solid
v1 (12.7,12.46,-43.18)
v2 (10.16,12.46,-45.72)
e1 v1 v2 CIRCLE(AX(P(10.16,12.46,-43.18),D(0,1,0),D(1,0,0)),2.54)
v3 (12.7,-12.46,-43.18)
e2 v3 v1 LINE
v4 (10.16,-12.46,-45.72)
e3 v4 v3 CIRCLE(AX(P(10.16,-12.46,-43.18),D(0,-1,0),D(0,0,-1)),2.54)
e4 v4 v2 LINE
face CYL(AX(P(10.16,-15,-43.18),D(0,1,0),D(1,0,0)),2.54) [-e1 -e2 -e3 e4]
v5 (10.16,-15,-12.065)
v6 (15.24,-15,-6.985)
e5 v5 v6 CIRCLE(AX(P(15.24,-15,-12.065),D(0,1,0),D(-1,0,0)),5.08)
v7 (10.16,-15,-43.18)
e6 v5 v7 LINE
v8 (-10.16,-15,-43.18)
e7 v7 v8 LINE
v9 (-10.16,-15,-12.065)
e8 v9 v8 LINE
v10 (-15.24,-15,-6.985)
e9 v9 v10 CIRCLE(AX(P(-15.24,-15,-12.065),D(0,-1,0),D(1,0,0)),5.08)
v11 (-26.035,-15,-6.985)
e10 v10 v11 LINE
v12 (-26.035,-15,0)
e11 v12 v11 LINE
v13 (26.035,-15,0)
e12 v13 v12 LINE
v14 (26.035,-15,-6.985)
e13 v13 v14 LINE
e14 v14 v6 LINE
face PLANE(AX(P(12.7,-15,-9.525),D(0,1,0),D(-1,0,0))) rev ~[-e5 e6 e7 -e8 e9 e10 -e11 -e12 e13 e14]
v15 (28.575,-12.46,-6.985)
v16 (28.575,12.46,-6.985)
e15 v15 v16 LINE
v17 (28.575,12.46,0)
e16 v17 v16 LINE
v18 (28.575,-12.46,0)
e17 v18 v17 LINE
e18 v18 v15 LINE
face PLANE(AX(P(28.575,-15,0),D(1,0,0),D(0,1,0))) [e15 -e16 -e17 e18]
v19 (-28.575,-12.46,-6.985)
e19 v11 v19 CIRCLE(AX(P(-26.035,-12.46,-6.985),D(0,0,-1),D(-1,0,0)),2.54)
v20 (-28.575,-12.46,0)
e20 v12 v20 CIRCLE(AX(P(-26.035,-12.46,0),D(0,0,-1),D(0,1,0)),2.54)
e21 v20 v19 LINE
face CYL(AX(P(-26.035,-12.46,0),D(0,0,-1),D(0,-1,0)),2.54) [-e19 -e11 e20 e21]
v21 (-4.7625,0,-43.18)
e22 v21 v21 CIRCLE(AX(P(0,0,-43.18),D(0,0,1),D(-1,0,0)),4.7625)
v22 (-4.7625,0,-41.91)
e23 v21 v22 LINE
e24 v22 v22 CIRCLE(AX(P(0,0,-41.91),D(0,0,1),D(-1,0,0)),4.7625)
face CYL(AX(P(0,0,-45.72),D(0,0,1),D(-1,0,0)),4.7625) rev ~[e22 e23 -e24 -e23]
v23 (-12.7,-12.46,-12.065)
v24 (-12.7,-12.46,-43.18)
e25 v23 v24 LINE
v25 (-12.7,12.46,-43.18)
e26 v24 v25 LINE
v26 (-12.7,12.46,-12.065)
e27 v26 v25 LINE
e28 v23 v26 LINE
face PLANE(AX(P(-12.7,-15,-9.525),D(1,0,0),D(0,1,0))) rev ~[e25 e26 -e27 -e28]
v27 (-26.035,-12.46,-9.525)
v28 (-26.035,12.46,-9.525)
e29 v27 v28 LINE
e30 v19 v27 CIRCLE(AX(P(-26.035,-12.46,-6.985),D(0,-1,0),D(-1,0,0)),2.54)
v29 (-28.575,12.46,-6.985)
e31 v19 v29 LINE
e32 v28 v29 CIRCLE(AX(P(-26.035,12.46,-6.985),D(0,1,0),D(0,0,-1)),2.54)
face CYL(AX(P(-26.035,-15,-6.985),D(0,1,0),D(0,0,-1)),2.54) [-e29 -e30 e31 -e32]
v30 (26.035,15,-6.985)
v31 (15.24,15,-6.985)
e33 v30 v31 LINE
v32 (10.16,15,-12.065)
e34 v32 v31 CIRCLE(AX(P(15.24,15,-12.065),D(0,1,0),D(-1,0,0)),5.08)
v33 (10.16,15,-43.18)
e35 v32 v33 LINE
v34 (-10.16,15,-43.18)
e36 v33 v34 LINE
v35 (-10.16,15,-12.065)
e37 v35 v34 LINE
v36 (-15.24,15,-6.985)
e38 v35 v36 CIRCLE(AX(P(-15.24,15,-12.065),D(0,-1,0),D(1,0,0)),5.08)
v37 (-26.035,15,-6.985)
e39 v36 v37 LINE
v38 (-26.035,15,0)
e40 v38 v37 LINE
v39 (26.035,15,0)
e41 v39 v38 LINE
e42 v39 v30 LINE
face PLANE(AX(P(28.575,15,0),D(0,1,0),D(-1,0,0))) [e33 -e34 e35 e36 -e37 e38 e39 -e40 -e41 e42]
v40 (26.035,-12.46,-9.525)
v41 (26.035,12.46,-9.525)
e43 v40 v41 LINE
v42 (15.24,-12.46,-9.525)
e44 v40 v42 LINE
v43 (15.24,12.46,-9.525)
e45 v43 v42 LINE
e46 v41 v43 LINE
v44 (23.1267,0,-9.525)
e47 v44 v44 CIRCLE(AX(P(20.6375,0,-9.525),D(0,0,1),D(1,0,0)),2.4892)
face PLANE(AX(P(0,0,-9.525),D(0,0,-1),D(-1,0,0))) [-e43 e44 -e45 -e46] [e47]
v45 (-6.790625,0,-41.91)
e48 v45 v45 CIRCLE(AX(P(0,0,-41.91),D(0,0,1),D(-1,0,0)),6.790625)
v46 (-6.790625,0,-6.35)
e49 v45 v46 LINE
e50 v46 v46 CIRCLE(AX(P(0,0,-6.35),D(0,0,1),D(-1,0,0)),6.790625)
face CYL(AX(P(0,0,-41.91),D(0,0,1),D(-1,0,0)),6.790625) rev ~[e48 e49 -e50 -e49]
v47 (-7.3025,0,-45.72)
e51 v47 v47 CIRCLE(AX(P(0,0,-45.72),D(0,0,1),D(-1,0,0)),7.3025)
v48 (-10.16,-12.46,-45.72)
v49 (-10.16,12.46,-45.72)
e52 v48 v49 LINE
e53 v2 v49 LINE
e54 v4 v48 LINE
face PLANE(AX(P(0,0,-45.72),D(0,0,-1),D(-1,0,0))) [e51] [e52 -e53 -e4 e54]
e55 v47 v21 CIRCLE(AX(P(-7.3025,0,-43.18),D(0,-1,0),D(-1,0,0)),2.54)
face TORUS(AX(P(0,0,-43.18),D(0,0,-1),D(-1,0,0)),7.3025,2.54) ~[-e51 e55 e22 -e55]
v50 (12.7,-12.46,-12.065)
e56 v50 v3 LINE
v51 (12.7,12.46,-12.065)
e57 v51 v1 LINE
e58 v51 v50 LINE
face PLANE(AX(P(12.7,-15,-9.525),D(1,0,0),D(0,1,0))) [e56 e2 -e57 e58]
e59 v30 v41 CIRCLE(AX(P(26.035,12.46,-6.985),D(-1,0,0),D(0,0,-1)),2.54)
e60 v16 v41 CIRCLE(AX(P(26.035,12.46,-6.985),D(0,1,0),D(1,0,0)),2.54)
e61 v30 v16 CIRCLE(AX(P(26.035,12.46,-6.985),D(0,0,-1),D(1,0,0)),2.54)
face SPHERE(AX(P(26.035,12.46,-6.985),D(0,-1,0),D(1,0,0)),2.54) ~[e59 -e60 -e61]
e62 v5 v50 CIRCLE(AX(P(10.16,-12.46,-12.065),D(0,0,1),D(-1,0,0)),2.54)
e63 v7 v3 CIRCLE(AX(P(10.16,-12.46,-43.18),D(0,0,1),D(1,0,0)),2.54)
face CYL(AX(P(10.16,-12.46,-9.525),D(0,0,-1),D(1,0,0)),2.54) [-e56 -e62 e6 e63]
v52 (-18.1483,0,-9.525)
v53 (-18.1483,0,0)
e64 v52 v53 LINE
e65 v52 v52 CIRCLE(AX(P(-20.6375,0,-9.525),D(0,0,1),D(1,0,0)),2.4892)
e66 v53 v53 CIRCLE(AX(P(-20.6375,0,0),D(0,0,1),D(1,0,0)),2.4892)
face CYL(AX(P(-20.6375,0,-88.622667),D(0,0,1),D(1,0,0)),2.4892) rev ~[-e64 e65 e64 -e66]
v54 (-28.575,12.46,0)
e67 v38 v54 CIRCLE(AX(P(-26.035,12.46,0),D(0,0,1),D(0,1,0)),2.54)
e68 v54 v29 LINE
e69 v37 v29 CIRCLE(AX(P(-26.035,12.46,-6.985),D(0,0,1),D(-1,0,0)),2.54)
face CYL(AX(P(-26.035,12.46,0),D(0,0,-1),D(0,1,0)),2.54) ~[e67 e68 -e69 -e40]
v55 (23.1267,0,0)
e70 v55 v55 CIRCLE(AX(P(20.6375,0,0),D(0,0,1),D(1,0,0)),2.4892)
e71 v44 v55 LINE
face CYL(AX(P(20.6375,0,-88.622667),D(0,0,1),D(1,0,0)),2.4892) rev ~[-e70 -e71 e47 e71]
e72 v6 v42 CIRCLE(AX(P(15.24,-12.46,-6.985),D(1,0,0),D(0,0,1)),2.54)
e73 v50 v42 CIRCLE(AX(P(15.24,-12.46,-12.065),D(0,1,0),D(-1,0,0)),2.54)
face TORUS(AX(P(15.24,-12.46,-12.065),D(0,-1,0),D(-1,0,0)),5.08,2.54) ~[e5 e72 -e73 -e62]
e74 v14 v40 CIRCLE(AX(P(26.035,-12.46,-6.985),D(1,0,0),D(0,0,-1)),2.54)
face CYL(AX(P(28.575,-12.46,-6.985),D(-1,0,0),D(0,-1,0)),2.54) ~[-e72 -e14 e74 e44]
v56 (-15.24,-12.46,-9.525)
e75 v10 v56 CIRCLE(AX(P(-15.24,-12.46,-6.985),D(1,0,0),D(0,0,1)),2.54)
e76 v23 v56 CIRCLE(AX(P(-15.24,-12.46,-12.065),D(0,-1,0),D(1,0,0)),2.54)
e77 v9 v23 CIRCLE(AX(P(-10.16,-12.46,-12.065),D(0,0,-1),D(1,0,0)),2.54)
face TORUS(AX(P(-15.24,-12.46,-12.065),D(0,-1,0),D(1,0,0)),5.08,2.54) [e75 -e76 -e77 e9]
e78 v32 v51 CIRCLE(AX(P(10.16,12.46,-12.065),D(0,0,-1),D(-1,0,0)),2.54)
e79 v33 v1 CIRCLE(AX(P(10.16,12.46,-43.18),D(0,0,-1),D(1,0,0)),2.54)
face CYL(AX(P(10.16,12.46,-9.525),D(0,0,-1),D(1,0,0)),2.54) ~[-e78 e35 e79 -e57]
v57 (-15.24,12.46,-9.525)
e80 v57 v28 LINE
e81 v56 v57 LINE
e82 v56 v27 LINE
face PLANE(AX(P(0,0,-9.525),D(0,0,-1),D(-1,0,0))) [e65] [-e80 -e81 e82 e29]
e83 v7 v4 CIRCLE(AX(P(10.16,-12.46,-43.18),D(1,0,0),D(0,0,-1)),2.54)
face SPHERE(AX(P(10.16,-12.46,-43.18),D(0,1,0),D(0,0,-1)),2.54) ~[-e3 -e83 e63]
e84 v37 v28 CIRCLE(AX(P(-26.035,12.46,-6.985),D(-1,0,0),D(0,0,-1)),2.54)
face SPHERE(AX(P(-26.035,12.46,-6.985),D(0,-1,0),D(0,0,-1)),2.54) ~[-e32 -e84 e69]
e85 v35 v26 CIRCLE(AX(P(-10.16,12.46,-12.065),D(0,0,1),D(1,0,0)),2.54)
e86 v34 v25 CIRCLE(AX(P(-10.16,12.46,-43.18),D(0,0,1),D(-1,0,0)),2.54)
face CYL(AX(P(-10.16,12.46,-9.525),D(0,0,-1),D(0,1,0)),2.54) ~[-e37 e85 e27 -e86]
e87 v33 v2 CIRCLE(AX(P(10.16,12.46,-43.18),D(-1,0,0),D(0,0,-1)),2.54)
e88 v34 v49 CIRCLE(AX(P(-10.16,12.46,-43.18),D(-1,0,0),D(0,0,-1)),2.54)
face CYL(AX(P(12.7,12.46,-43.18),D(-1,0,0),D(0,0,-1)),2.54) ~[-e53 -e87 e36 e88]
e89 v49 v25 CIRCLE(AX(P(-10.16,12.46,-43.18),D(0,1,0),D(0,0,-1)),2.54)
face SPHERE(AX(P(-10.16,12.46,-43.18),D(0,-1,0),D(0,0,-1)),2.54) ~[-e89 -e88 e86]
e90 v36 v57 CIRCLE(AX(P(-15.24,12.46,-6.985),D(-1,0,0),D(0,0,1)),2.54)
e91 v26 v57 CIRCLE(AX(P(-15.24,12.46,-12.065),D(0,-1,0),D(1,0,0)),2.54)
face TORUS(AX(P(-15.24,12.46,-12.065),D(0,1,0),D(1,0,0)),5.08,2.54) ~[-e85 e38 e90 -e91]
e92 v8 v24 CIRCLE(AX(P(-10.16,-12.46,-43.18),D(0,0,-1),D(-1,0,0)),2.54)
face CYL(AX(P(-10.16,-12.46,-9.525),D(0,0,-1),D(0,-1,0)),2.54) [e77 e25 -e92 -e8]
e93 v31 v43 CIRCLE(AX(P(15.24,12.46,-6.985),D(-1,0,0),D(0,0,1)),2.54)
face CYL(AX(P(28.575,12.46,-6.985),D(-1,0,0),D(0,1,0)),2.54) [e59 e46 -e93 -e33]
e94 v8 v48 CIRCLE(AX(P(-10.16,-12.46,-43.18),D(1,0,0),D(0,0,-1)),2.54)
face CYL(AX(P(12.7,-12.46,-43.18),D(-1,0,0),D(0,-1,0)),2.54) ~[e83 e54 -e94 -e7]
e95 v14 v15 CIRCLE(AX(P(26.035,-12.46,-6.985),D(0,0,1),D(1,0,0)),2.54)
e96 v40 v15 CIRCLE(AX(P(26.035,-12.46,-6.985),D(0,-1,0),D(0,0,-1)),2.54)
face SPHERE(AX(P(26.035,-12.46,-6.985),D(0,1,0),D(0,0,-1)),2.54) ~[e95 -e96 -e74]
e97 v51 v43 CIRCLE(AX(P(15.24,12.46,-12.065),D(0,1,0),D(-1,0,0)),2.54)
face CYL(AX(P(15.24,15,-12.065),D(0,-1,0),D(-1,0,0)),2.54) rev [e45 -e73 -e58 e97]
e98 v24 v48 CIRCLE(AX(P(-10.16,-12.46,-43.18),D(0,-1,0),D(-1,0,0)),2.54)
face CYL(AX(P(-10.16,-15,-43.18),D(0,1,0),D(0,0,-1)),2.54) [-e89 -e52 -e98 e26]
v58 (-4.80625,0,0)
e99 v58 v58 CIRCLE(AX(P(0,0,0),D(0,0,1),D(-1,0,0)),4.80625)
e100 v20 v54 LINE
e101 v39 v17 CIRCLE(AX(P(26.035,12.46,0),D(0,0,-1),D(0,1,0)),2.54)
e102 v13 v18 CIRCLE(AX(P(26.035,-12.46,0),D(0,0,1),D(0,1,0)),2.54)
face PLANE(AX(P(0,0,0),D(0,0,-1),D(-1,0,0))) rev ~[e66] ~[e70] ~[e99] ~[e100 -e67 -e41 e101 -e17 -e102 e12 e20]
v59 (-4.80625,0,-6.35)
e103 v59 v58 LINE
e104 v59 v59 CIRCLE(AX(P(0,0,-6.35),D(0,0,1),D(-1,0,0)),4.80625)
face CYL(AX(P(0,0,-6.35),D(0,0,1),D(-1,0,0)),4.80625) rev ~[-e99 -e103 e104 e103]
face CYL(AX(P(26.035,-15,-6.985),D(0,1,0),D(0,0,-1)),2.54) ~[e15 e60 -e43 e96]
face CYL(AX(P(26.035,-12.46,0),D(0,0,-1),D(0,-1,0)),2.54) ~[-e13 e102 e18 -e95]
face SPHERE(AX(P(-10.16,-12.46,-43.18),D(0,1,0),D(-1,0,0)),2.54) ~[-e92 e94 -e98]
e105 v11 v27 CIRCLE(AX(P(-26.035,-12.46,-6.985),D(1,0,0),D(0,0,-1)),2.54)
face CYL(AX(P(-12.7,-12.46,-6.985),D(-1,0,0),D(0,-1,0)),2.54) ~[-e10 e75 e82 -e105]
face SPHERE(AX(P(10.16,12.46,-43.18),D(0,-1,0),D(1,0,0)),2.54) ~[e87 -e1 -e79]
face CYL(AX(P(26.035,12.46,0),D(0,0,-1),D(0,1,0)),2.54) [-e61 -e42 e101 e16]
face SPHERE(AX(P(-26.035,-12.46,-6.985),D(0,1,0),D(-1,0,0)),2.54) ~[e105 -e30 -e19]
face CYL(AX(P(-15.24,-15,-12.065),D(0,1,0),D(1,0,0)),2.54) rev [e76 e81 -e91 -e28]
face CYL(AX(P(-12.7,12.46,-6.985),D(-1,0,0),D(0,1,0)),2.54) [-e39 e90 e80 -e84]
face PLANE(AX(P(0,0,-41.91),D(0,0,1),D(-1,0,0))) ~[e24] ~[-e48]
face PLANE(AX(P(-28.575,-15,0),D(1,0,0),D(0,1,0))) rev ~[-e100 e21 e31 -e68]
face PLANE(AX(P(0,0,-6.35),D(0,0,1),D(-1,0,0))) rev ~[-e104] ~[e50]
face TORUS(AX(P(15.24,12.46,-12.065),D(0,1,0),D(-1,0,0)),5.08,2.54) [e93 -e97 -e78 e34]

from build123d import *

# Parameters (mm, degrees)
SKETCH3_W              = 57.15
SKETCH3_H              = 30
SKETCH3_R              = 12.7
BOSS_EXTRUDE1_DEPTH    = 9.525
SKETCH6_W              = 25.4
SKETCH6_H              = 30
SKETCH6_R              = 11.684
BOSS_EXTRUDE2_DEPTH    = 36.195
F_10_CLEARANCE_HOLE1_D = 4.9784
FILLET2_R              = 2.54


with BuildPart() as part:
    # Sketch1 → Revolve1 (revolve)
    with BuildSketch(Plane(origin=(0, 0, 0), x_dir=(1, 0, 0), z_dir=(0, 1, 0)), mode=Mode.PRIVATE) as revolve1_sk:
        Polygon((4.80625, 6.35), (4.80625, 0), (12.7, 0), (12.7, 45.72), (4.7625, 45.72), (4.7625, 41.91), (6.790625, 41.91), (6.790625, 6.35), align=None)
    revolve(revolve1_sk.sketch.rotate(Axis((0, 0, 0), (0, 0, 1)), 180), axis=Axis((0, 0, 0), (0, 0, 1)))  # turned: the seam where the file's is

    # Sketch3 → Boss-Extrude1 (add)
    with BuildSketch(Plane(origin=(0, 0, 0), x_dir=(-1, 0, 0), z_dir=(0, 0, -1))):
        Rectangle(SKETCH3_W, SKETCH3_H)
        Circle(SKETCH3_R, mode=Mode.SUBTRACT)
    extrude(amount=BOSS_EXTRUDE1_DEPTH)

    # Sketch6 → Boss-Extrude2 (add)
    with BuildSketch(Plane(origin=(0, 0, -9.525), x_dir=(-1, 0, 0), z_dir=(0, 0, -1))):
        Rectangle(SKETCH6_W, SKETCH6_H)
        Circle(SKETCH6_R, mode=Mode.SUBTRACT)
    extrude(amount=BOSS_EXTRUDE2_DEPTH)

    # #10 Clearance Hole1 (through all)
    with Locations(Plane(origin=(0, 0, -9.525), x_dir=(-1, 0, 0), z_dir=(0, 0, -1))):
        with Locations((20.6375, 0), (-20.6375, 0)):
            Hole(F_10_CLEARANCE_HOLE1_D / 2)

    # Fillet2
    fillet2_edges = [part.edges().sort_by_distance(p)[0] for p in [
        (28.575, 0, -9.525),
        (20.6375, -15, -9.525),
        (-28.575, 0, -9.525),
        (-20.6375, 15, -9.525),
        (28.575, 15, -4.7625),
        (28.575, -15, -4.7625),
        (-28.575, -15, -4.7625),
        (-28.575, 15, -4.7625),
        (20.6375, 15, -9.525),
        (-20.6375, -15, -9.525),
        (12.7, 0, -9.525),
        (12.7, 0, -45.72),
        (12.7, 15, -27.6225),
        (-12.7, 0, -9.525),
        (-12.7, 0, -45.72),
        (-12.7, -15, -27.6225),
        (0, -15, -45.72),
        (12.7, -15, -27.6225),
        (0, 15, -45.72),
        (-12.7, 15, -27.6225),
        (4.7625, 0, -45.72),
    ]]
    fillet(fillet2_edges, radius=FILLET2_R)


solid = part.part
